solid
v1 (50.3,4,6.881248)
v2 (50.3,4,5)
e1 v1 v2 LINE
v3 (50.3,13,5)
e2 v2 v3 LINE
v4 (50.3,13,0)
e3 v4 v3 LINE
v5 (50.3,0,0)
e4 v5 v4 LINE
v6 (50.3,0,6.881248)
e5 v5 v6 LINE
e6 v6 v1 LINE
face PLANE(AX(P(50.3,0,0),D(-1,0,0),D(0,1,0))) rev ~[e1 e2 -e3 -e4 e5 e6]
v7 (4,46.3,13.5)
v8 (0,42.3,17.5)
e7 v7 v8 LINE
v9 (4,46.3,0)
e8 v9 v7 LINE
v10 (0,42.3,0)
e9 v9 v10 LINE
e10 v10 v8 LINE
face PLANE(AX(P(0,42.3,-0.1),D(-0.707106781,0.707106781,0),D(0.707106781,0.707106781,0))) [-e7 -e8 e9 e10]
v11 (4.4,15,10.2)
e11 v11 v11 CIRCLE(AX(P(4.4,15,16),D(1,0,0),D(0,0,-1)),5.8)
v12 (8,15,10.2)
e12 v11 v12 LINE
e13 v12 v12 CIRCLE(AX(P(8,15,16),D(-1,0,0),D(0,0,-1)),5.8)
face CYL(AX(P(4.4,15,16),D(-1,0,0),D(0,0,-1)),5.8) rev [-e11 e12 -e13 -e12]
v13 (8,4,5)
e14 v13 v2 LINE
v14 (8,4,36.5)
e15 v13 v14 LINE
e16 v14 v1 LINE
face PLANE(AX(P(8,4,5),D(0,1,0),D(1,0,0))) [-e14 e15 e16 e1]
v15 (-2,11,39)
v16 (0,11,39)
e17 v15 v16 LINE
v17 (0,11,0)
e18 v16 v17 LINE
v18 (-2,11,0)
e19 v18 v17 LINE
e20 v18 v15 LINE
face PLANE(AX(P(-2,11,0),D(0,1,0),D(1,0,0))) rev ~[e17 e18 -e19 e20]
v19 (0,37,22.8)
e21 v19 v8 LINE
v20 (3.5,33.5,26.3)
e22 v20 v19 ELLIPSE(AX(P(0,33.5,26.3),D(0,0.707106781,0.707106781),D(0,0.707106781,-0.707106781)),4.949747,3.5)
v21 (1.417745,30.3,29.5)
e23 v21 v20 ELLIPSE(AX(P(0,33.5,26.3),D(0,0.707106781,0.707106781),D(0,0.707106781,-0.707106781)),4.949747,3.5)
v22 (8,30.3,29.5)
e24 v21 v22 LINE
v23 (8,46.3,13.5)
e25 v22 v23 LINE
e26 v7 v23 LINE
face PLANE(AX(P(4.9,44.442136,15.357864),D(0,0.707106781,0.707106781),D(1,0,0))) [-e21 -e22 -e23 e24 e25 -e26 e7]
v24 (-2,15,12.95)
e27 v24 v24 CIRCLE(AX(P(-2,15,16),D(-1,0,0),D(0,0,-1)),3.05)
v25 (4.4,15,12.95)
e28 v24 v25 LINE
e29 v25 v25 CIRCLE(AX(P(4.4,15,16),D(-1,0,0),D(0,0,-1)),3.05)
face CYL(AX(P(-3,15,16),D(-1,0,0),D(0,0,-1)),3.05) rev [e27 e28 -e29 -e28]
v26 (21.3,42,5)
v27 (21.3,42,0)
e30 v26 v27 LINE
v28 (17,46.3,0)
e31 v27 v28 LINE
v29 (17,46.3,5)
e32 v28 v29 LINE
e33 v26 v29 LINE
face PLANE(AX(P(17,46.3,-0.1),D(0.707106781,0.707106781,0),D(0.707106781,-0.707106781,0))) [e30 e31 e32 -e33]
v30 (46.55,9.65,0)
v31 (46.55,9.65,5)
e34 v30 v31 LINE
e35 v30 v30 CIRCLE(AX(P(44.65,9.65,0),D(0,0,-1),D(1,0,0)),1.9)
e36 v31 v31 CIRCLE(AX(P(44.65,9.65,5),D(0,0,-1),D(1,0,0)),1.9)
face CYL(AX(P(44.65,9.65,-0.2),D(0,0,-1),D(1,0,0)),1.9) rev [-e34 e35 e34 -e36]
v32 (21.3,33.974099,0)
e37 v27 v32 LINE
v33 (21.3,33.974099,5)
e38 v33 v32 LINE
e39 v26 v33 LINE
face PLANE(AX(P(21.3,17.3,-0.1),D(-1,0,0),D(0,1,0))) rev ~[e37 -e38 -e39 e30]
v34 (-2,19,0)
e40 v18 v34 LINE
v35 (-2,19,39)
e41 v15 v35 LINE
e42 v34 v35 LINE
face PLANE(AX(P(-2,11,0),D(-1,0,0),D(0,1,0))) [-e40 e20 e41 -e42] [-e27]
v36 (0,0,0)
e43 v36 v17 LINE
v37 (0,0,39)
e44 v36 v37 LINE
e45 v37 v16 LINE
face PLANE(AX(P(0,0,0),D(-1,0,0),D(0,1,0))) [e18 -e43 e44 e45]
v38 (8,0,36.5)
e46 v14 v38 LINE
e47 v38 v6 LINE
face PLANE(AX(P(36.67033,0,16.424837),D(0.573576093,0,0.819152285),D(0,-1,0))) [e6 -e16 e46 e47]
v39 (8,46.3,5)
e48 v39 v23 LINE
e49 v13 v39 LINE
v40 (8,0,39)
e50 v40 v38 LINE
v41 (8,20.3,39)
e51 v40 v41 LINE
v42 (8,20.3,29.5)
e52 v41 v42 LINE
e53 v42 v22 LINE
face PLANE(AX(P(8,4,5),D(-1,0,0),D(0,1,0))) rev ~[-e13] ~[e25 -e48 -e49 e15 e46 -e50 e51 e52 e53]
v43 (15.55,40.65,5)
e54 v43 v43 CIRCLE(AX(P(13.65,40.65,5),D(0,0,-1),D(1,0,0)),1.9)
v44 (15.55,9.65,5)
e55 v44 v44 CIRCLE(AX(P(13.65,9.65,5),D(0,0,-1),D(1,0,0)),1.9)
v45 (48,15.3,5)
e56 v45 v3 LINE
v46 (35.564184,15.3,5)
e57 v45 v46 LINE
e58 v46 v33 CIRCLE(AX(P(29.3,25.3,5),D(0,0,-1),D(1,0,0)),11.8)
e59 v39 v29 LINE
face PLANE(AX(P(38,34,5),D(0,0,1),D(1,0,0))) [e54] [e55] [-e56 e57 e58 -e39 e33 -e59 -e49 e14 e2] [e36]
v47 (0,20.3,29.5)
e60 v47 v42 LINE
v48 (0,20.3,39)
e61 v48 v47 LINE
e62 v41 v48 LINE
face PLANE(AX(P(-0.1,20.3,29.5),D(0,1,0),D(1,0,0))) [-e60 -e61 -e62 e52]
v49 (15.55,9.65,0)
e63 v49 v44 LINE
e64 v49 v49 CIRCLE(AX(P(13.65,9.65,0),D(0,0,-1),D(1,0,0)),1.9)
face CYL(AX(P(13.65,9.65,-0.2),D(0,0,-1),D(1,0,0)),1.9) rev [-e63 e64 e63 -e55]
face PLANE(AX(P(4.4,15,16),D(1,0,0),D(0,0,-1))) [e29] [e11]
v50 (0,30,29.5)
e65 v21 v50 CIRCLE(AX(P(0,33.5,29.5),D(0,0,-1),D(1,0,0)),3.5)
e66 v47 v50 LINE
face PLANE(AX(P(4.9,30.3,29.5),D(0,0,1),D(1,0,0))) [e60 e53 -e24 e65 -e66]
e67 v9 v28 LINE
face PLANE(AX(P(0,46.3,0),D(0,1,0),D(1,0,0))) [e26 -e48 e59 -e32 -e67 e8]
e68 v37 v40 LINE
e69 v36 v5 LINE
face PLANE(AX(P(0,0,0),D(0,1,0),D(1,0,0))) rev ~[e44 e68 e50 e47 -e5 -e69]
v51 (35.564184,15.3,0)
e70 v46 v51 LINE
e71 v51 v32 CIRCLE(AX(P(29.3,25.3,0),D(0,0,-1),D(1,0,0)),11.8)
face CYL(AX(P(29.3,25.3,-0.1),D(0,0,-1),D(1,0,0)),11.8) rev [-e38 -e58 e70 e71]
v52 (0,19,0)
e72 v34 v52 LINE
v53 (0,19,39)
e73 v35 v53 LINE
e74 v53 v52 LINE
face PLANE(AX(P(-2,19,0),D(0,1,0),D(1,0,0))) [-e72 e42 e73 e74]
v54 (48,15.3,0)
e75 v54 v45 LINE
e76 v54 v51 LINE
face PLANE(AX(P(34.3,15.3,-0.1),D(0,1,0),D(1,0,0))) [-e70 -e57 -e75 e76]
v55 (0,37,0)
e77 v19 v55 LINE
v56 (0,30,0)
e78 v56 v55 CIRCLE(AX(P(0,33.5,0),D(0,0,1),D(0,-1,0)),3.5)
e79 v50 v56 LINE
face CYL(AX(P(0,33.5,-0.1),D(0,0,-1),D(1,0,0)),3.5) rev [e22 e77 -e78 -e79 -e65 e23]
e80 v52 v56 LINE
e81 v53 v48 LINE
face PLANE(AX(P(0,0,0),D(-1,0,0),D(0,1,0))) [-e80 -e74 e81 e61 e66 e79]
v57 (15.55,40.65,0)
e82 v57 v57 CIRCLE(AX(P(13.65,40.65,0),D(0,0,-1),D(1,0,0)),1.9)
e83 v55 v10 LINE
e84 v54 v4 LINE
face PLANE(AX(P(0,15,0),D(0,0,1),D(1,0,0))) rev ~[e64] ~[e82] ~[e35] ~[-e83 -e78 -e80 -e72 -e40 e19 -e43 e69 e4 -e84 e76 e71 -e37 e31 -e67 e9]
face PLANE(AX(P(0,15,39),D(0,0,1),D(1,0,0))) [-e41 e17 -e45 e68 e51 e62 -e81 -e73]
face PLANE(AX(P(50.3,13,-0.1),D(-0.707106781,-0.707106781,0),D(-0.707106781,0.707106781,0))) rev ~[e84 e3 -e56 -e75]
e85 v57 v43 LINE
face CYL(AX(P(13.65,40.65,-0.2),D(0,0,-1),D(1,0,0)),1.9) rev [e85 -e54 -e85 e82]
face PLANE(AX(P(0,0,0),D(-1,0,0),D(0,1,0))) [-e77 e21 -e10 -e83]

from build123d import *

# Parameters (mm, degrees)
CYLINDER002_R           = 3.05
CYLINDER002_DEPTH       = 10
CYLINDER004_R           = 1.9
CYLINDER004_DEPTH       = 20
CYLINDER005_R           = 1.9
CYLINDER005_DEPTH       = 20
CYLINDER003_R           = 1.9
CYLINDER003_DEPTH       = 20
CYLINDER006_R           = 11.8
CYLINDER006_DEPTH       = 10
CYLINDER001_R           = 5.8
CYLINDER001_DEPTH       = 10
CUBE004_W               = 10
CUBE004_H               = 70
CUBE004_DEPTH           = 40
CUBE005_W               = 40
CUBE005_H               = 40
CUBE005_DEPTH           = 10
CUBE006_W               = 15
CUBE006_H               = 15
CUBE006_DEPTH           = 10
CUBE007_W               = 10
CUBE007_H               = 10
CUBE007_DEPTH           = 10
CUBE007_PLACEMENT_ANGLE = 45
CUBE008_W               = 10
CUBE008_H               = 10
CUBE008_DEPTH           = 10
CUBE008_PLACEMENT_ANGLE = 45
CUBE009_W               = 10
CUBE009_H               = 20
CUBE009_DEPTH           = 10
CUBE010_W               = 10
CUBE010_H               = 40
CUBE010_DEPTH           = 40
CUBE010_PLACEMENT_ANGLE = 45
CUBE011_W               = 10
CUBE011_H               = 10
CUBE011_DEPTH           = 39
CUBE011_PLACEMENT_ANGLE = 45
CYLINDER_R              = 3.5
CYLINDER_DEPTH          = 39
CUBE003_W               = 10
CUBE003_H               = 70
CUBE003_DEPTH           = 40
CUBE003_ROLL_ANGLE      = -34.999976
CUBE003_PLACEMENT_ANGLE = -90
CUBE002_W               = 4
CUBE002_H               = 8
CUBE002_DEPTH           = 39
CUBE001_W               = 60
CUBE001_H               = 60
CUBE001_DEPTH           = 60
CUBE_W                  = 50.3
CUBE_H                  = 46.3
CUBE_DEPTH              = 39


with BuildPart() as cylinder002:
    # cylinder002 → cylinder002 (new body)
    with BuildSketch(Plane(origin=(-3, 15, 16), x_dir=(0, 0, -1), z_dir=(1, 0, 0))):
        Circle(CYLINDER002_R)
    extrude(amount=CYLINDER002_DEPTH)


with BuildPart() as cylinder004:
    # cylinder004 → cylinder004 (new body)
    with BuildSketch(Plane(origin=(31, 0, -0.1), x_dir=(1, 0, 0), z_dir=(0, 0, 1))):
        Circle(CYLINDER004_R)
    extrude(amount=CYLINDER004_DEPTH)


with BuildPart() as cylinder005:
    # cylinder005 → cylinder005 (new body)
    with BuildSketch(Plane(origin=(0, 31, -0.1), x_dir=(1, 0, 0), z_dir=(0, 0, 1))):
        Circle(CYLINDER005_R)
    extrude(amount=CYLINDER005_DEPTH)


with BuildPart() as matrix_union:
    # cylinder003 → cylinder003 (new body)
    with BuildSketch(Plane.XY.offset(-0.1)):
        Circle(CYLINDER003_R)
    extrude(amount=CYLINDER003_DEPTH)

    # Matrix_Union: union cylinder004, cylinder005
    add(cylinder004.part)
    add(cylinder005.part)


with BuildPart() as matrix_union_1:
    # Matrix_Union placement: moved
    add(matrix_union.part.moved(Location((13.65, 9.65, -0.1))))


with BuildPart() as cylinder006:
    # cylinder006 → cylinder006 (new body)
    with BuildSketch(Plane(origin=(29.3, 25.3, -0.1), x_dir=(1, 0, 0), z_dir=(0, 0, 1))):
        Circle(CYLINDER006_R)
    extrude(amount=CYLINDER006_DEPTH)


with BuildPart() as group002:
    # cylinder001 → cylinder001 (new body)
    with BuildSketch(Plane(origin=(4.4, 15, 16), x_dir=(0, 0, -1), z_dir=(1, 0, 0))):
        Circle(CYLINDER001_R)
    extrude(amount=CYLINDER001_DEPTH)

    # Group002: union cylinder002, Matrix_Union, cylinder006
    add(cylinder002.part)
    add(matrix_union_1.part)
    add(cylinder006.part)


with BuildPart() as cube004:
    # cube004 → cube004 (new body)
    with BuildSketch(Plane(origin=(8, 5, 36.5), x_dir=(0, -1, 0), z_dir=(0, 0, 1))):
        with Locations((5, 35)):
            Rectangle(CUBE004_W, CUBE004_H)
    extrude(amount=CUBE004_DEPTH)


with BuildPart() as cube005:
    # cube005 → cube005 (new body)
    with BuildSketch(Plane(origin=(21.3, 17.3, -0.1), x_dir=(1, 0, 0), z_dir=(0, 0, 1))):
        with Locations((20, 20)):
            Rectangle(CUBE005_W, CUBE005_H)
    extrude(amount=CUBE005_DEPTH)


with BuildPart() as cube006:
    # cube006 → cube006 (new body)
    with BuildSketch(Plane(origin=(34.3, 15.3, -0.1), x_dir=(1, 0, 0), z_dir=(0, 0, 1))):
        with Locations((7.5, 7.5)):
            Rectangle(CUBE006_W, CUBE006_H)
    extrude(amount=CUBE006_DEPTH)


with BuildPart() as cube007:
    # cube007 → cube007 (new body)
    with BuildSketch(Plane.XY):
        with Locations((5, 5)):
            Rectangle(CUBE007_W, CUBE007_H)
    extrude(amount=CUBE007_DEPTH)


with BuildPart() as cube007_1:
    # cube007 placement: moved
    add(cube007.part.moved(Location((50.3, 13, -0.1))).rotate(Axis((50.3, 13, -0.1), (0, 0, 1)), CUBE007_PLACEMENT_ANGLE))


with BuildPart() as cube008:
    # cube008 → cube008 (new body)
    with BuildSketch(Plane.XY):
        with Locations((5, 5)):
            Rectangle(CUBE008_W, CUBE008_H)
    extrude(amount=CUBE008_DEPTH)


with BuildPart() as cube008_1:
    # cube008 placement: moved
    add(cube008.part.moved(Location((17, 46.3, -0.1))).rotate(Axis((17, 46.3, -0.1), (0, 0, -1)), CUBE008_PLACEMENT_ANGLE))


with BuildPart() as cube009:
    # cube009 → cube009 (new body)
    with BuildSketch(Plane(origin=(-0.1, 20.3, 29.5), x_dir=(1, 0, 0), z_dir=(0, 0, 1))):
        with Locations((5, 10)):
            Rectangle(CUBE009_W, CUBE009_H)
    extrude(amount=CUBE009_DEPTH)


with BuildPart() as cube010:
    # cube010 → cube010 (new body)
    with BuildSketch(Plane.XY):
        with Locations((5, 20)):
            Rectangle(CUBE010_W, CUBE010_H)
    extrude(amount=CUBE010_DEPTH)


with BuildPart() as cube010_1:
    # cube010 placement: moved
    add(cube010.part.moved(Location((-0.1, 30.3, 29.5))).rotate(Axis((-0.1, 30.3, 29.5), (-1, 0, 0)), CUBE010_PLACEMENT_ANGLE))


with BuildPart() as cube011:
    # cube011 → cube011 (new body)
    with BuildSketch(Plane.XY):
        with Locations((5, 5)):
            Rectangle(CUBE011_W, CUBE011_H)
    extrude(amount=CUBE011_DEPTH)


with BuildPart() as cube011_1:
    # cube011 placement: moved
    add(cube011.part.moved(Location((0, 42.3, -0.1))).rotate(Axis((0, 42.3, -0.1), (0, 0, 1)), CUBE011_PLACEMENT_ANGLE))


with BuildPart() as cylinder:
    # cylinder → cylinder (new body)
    with BuildSketch(Plane(origin=(0, 33.5, -0.1), x_dir=(1, 0, 0), z_dir=(0, 0, 1))):
        Circle(CYLINDER_R)
    extrude(amount=CYLINDER_DEPTH)


with BuildPart() as union:
    # cube003 → cube003 (new body)
    with BuildSketch(Plane.XY):
        with Locations((5, 35)):
            Rectangle(CUBE003_W, CUBE003_H)
    extrude(amount=CUBE003_DEPTH)


with BuildPart() as union_1:
    # cube003 roll: moved
    add(union.part.rotate(Axis((0, 0, 0), (1, 0, 0)), CUBE003_ROLL_ANGLE))


with BuildPart() as union_2:
    # cube003 placement: moved
    add(union_1.part.moved(Location((8, 5, 36.5))).rotate(Axis((8, 5, 36.5), (0, 0, 1)), CUBE003_PLACEMENT_ANGLE))

    # Group001: union cube004, cube005, cube006, cube007, cube008, cube009, cube010, cube011, cylinder
    add(cube004.part)
    add(cube005.part)
    add(cube006.part)
    add(cube007_1.part)
    add(cube008_1.part)
    add(cube009.part)
    add(cube010_1.part)
    add(cube011_1.part)
    add(cylinder.part)

    # union: union Group002
    add(group002.part)


with BuildPart() as cube002:
    # cube002 → cube002 (new body)
    with BuildSketch(Plane(origin=(-2, 11, 0), x_dir=(1, 0, 0), z_dir=(0, 0, 1))):
        with Locations((2, 4)):
            Rectangle(CUBE002_W, CUBE002_H)
    extrude(amount=CUBE002_DEPTH)


with BuildPart() as cube001:
    # cube001 → cube001 (new body)
    with BuildSketch(Plane(origin=(8, 4, 5), x_dir=(1, 0, 0), z_dir=(0, 0, 1))):
        with Locations((30, 30)):
            Rectangle(CUBE001_W, CUBE001_H)
    extrude(amount=CUBE001_DEPTH)


with BuildPart() as difference001:
    # cube → cube (new body)
    with BuildSketch(Plane.XY):
        with Locations((25.15, 23.15)):
            Rectangle(CUBE_W, CUBE_H)
    extrude(amount=CUBE_DEPTH)

    # difference: cut cube001
    add(cube001.part, mode=Mode.SUBTRACT)

    # Group: union cube002
    add(cube002.part)

    # difference001: cut union
    add(union_2.part, mode=Mode.SUBTRACT)


solid = difference001.part
